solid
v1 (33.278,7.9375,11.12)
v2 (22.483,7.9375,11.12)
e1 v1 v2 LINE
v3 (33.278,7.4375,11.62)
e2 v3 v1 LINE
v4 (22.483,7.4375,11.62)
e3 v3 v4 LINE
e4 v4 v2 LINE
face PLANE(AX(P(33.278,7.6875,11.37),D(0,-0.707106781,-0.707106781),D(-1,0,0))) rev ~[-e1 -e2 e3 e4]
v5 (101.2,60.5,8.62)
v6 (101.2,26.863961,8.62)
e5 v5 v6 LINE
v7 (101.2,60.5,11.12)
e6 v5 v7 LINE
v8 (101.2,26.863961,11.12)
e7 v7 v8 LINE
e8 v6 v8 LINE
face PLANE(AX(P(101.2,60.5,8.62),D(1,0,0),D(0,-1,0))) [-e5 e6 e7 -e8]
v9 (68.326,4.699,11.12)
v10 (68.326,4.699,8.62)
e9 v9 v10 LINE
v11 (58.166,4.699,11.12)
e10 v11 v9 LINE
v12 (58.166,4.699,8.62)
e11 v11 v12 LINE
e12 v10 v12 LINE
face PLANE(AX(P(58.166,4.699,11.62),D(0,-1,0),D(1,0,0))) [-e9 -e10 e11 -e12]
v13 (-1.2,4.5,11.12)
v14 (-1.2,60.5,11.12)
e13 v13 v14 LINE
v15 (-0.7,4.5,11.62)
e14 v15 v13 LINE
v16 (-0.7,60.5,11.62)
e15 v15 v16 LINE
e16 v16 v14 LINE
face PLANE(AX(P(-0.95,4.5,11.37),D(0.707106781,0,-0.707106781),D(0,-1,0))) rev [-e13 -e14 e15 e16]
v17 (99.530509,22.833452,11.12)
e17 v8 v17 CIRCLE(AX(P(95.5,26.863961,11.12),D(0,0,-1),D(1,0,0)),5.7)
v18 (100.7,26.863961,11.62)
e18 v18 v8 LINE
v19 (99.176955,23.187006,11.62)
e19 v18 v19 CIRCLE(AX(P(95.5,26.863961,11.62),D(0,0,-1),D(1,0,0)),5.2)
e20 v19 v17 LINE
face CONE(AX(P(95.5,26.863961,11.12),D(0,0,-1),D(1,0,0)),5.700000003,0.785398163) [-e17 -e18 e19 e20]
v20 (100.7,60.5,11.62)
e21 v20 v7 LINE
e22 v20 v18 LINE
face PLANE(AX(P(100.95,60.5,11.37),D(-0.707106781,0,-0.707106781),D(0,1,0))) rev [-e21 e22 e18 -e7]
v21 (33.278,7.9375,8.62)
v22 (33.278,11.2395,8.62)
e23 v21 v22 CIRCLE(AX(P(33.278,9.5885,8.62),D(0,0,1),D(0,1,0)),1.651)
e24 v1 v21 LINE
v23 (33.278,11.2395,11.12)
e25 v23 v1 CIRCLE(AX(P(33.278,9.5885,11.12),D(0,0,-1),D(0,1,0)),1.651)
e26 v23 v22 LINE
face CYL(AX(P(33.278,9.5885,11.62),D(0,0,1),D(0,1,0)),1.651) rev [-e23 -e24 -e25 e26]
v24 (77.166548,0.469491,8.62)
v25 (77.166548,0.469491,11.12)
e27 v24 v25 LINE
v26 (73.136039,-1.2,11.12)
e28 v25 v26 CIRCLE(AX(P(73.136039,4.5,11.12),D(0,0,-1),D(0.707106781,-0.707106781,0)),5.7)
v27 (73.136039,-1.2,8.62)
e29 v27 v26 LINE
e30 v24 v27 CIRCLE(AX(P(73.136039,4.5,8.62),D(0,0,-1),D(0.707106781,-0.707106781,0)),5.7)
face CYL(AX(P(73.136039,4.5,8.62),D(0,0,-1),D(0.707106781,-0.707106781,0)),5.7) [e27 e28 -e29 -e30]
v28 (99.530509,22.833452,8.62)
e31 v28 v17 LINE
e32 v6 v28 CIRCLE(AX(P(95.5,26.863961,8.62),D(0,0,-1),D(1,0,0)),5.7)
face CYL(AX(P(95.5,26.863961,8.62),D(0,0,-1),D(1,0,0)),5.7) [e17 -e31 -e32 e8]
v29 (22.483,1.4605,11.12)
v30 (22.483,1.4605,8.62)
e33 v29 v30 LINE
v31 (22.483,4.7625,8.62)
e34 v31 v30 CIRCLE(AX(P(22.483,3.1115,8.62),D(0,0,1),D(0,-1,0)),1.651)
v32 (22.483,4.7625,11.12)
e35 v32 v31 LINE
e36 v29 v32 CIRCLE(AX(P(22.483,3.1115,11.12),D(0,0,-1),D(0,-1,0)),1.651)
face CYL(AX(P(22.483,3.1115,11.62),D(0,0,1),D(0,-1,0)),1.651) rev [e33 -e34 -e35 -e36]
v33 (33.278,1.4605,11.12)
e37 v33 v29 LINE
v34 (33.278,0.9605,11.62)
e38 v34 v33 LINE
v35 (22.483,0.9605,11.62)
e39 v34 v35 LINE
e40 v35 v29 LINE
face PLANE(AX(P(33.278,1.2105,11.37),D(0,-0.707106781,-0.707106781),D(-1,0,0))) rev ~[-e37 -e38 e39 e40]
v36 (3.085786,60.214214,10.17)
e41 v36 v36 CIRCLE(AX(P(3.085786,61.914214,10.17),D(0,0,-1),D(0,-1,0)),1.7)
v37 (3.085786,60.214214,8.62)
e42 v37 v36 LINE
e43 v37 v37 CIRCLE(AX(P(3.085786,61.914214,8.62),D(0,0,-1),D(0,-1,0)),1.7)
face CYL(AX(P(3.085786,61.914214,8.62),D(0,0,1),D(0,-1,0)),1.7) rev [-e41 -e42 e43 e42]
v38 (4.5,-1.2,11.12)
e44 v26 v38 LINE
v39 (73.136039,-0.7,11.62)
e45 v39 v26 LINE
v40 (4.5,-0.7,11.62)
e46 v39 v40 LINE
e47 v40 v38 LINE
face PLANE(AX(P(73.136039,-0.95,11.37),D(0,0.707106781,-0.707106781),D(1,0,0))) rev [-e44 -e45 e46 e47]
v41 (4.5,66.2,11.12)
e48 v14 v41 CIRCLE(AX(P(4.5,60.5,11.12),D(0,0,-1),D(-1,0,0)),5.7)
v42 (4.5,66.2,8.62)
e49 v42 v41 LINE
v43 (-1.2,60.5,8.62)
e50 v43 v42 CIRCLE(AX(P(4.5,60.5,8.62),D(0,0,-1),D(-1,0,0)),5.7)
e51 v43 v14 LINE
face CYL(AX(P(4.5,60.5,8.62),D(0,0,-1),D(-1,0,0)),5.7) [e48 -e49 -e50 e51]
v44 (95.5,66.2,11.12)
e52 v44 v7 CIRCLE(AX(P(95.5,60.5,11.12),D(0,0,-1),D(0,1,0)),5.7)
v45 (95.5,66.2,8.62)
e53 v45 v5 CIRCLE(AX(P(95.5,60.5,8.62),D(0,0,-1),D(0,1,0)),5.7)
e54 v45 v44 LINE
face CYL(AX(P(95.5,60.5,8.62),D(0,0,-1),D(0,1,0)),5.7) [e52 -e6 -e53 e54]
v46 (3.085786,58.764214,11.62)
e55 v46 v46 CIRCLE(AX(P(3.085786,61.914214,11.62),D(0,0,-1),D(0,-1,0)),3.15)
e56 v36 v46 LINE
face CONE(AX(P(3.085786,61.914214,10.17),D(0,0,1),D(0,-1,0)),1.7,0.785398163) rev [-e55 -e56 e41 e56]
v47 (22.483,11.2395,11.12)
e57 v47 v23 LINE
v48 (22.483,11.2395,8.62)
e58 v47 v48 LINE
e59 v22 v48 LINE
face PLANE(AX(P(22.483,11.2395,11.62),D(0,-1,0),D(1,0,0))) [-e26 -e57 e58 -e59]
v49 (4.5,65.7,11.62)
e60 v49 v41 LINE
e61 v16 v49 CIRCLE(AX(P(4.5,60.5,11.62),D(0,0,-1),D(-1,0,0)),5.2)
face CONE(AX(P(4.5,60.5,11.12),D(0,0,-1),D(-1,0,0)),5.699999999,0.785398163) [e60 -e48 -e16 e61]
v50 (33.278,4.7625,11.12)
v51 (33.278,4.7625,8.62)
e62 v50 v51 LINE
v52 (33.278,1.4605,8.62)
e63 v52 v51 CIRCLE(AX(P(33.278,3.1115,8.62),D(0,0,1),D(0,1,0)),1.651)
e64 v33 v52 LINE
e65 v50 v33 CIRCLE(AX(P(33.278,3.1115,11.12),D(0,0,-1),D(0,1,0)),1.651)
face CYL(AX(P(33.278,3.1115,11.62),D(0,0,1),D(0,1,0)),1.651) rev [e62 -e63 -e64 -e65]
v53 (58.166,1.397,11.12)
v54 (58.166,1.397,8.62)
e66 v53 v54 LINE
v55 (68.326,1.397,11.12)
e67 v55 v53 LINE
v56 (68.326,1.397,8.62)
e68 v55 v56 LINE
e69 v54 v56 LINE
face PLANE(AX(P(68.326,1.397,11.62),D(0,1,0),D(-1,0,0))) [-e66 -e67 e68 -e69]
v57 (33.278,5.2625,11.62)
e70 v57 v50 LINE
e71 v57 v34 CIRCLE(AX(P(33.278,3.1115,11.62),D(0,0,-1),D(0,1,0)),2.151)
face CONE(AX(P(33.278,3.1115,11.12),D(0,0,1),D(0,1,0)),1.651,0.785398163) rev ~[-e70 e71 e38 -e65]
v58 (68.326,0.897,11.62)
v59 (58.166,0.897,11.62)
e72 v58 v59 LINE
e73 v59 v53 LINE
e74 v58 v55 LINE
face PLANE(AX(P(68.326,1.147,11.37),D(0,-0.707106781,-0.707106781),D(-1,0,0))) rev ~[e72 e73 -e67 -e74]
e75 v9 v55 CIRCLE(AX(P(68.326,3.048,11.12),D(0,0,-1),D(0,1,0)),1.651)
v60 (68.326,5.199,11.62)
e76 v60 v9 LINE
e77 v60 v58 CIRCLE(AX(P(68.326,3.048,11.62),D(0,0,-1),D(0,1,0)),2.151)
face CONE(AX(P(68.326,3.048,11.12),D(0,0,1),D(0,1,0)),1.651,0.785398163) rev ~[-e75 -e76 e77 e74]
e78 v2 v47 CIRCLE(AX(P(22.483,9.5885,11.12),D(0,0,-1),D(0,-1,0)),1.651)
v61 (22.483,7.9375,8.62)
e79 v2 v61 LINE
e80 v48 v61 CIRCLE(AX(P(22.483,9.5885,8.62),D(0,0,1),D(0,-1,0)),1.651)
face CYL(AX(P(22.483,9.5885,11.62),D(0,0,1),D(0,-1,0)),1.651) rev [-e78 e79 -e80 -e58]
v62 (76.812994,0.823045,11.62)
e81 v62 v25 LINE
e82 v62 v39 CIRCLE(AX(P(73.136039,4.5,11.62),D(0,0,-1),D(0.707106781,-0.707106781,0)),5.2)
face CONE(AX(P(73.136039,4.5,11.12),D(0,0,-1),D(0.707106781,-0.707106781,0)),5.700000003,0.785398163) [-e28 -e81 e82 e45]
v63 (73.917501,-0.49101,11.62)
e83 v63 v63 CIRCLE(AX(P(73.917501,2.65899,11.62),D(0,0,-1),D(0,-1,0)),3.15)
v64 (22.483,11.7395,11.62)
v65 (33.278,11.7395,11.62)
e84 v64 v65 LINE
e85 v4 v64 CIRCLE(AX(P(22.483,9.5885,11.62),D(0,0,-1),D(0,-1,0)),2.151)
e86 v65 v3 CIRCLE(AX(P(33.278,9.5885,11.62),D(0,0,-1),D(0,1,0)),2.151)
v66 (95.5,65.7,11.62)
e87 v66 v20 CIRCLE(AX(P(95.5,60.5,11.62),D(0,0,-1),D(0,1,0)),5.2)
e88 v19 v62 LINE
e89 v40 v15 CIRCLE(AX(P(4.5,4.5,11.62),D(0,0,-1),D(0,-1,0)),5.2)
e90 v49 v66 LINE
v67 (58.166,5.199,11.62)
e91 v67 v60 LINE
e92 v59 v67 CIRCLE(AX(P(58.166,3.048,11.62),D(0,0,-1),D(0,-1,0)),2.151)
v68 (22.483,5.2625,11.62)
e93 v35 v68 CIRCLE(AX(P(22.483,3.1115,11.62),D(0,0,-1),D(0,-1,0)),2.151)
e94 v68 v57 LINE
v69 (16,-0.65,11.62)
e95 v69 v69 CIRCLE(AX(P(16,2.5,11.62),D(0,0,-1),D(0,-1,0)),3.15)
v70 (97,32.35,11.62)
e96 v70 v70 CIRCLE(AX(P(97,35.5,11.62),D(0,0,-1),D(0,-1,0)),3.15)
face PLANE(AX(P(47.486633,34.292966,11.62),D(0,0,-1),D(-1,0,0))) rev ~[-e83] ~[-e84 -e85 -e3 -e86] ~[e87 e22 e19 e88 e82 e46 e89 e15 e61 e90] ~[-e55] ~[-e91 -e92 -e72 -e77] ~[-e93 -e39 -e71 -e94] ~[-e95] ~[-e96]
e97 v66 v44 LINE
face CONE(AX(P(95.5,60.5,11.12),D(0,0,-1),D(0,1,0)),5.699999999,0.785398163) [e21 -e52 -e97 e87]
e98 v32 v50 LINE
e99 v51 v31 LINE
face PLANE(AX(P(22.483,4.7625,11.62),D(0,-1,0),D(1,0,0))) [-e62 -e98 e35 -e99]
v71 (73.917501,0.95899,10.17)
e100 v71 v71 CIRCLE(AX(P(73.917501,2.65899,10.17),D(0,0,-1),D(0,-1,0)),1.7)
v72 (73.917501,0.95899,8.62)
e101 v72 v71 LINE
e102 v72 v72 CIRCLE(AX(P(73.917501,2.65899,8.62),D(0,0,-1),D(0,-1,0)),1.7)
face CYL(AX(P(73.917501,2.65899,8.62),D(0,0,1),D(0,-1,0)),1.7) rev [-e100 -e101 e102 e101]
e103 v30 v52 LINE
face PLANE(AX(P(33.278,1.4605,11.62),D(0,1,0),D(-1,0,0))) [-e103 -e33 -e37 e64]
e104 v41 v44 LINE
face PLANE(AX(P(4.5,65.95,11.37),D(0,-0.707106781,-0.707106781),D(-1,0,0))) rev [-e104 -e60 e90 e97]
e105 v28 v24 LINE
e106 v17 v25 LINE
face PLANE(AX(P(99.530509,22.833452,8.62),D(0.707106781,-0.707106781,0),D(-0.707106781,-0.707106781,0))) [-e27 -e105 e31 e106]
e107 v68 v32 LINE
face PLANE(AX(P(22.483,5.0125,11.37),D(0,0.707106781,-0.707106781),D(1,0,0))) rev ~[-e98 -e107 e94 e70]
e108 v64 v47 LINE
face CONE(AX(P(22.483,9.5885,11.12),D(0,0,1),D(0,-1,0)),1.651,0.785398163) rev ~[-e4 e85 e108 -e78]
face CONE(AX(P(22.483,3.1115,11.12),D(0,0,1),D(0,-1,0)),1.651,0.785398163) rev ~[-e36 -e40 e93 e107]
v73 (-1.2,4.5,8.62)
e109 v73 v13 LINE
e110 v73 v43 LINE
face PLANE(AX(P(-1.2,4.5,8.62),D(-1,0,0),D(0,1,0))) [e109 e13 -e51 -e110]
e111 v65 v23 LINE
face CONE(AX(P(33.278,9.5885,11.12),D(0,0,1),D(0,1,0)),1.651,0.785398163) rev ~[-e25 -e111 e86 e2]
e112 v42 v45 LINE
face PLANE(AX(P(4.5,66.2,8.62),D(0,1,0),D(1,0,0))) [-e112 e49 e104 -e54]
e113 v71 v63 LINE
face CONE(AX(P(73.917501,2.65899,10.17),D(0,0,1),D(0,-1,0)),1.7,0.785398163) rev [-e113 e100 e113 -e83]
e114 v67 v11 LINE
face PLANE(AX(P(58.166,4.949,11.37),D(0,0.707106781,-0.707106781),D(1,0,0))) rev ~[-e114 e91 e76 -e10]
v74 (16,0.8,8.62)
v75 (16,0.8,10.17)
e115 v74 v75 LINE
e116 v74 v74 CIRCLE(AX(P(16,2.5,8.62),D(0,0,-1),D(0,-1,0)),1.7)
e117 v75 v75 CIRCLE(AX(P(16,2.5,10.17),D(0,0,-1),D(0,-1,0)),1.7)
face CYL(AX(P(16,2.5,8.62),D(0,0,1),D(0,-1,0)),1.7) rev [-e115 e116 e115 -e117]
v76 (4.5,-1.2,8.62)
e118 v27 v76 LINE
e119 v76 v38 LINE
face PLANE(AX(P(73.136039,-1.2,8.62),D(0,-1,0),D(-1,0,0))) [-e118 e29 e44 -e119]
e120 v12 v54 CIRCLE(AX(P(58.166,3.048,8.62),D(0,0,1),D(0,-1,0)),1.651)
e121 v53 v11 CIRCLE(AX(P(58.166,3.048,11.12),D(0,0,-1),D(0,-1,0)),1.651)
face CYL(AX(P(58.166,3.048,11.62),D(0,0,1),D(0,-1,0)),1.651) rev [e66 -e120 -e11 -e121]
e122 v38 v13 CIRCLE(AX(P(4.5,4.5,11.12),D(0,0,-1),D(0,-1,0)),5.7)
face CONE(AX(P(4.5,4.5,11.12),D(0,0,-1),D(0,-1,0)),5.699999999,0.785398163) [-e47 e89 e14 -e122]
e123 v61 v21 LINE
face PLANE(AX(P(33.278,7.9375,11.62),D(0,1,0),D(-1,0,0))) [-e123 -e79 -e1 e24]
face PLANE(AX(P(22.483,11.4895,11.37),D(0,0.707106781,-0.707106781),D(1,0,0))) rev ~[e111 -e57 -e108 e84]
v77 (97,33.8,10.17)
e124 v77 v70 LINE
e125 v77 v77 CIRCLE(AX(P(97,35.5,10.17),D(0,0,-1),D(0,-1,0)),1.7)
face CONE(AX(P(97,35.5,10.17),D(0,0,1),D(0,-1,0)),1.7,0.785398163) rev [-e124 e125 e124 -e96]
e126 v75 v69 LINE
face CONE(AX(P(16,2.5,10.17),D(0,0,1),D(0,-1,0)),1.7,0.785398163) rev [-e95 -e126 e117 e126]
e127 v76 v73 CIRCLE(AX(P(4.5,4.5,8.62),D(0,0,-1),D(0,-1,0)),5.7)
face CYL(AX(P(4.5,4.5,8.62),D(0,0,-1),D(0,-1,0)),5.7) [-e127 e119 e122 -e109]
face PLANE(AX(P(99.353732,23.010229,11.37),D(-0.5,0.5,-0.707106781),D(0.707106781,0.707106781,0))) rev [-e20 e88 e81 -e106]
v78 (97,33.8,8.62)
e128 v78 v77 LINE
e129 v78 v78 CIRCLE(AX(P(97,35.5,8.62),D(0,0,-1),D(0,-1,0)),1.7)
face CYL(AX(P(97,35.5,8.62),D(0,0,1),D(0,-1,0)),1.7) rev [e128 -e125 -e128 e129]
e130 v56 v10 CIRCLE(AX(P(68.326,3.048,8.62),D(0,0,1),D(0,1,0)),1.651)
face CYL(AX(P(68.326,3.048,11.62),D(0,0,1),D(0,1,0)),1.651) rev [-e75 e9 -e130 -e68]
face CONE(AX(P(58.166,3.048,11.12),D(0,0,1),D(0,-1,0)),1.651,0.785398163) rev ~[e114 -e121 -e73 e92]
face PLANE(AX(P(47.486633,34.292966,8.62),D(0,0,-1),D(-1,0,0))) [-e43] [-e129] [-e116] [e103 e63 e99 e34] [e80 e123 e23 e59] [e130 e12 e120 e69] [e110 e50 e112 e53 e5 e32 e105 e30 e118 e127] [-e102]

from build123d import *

# Parameters (mm, degrees)
BOSS_EXTRUDE1_DEPTH                            = 3
CSK_FOR_M3_FLAT_HEAD_MACHINE_SCREW1_AT_2_COUNT = 2
CSK_FOR_M3_FLAT_HEAD_MACHINE_SCREW1_AT_2_PITCH = 60.801526997
CSK_FOR_M3_FLAT_HEAD_MACHINE_SCREW1_AT_3_COUNT = 2
CSK_FOR_M3_FLAT_HEAD_MACHINE_SCREW1_AT_3_PITCH = 92.34886737
CSK_FOR_M3_FLAT_HEAD_MACHINE_SCREW1_AT_4_COUNT = 2
CSK_FOR_M3_FLAT_HEAD_MACHINE_SCREW1_AT_4_PITCH = 97.558137473
CUT_EXTRUDE1_DEPTH                             = 4
CHAMFER1_SIZE                                  = 0.5


with BuildPart() as part:
    # Sketch2 → Boss-Extrude1 (new body)
    with BuildSketch(Plane.XY.offset(8.62)):
        with BuildLine():
            Line((4.5, 66.2), (95.5, 66.2))
            ThreePointArc((95.5, 66.2), (99.530508653, 64.530508653), (101.2, 60.5))
            Line((101.2, 60.5), (101.2, 26.863961031))
            ThreePointArc((101.2, 26.863961031), (100.766113335, 24.682665466), (99.530508653, 22.833452378))
            Line((99.530508653, 22.833452378), (77.166547622, 0.469491347))
            ThreePointArc((77.166547622, 0.469491347), (75.317334534, -0.766113335), (73.136038969, -1.2))
            Line((73.136038969, -1.2), (4.5, -1.2))
            ThreePointArc((4.5, -1.2), (0.469491347, 0.469491347), (-1.2, 4.5))
            Line((-1.2, 4.5), (-1.2, 60.5))
            ThreePointArc((-1.2, 60.5), (0.469491347, 64.530508653), (4.5, 66.2))
        make_face()
    extrude(amount=BOSS_EXTRUDE1_DEPTH)

    # Sketch5 → CSK for M3 Flat Head Machine Screw1 (revolve, cut)
    with BuildSketch(Plane(origin=(3.085786438, 61.914213562, 11.62), x_dir=(0, -1, 0), z_dir=(1, 0, 0))):
        Polygon((0, 0), (0, 3), (1.7, 3), (1.7, 1.45), (3.15, 0), align=None)
    csk_for_m3_flat_head_machine_screw1 = revolve(axis=Axis((3.085786438, 61.914213562, 17.97), (0, 0, -1)), mode=Mode.SUBTRACT)

    # CSK for M3 Flat Head Machine Screw1 at 2: CSK for M3 Flat Head Machine Screw1 ×2
    with Locations(*[Vector(0.212399494, -0.977182918, 0) * (i * CSK_FOR_M3_FLAT_HEAD_MACHINE_SCREW1_AT_2_PITCH) for i in range(1, CSK_FOR_M3_FLAT_HEAD_MACHINE_SCREW1_AT_2_COUNT)]):
        add(csk_for_m3_flat_head_machine_screw1, mode=Mode.SUBTRACT)

    # CSK for M3 Flat Head Machine Screw1 at 3: CSK for M3 Flat Head Machine Screw1 ×2
    with Locations(*[Vector(0.767001446, -0.641645371, 0) * (i * CSK_FOR_M3_FLAT_HEAD_MACHINE_SCREW1_AT_3_PITCH) for i in range(1, CSK_FOR_M3_FLAT_HEAD_MACHINE_SCREW1_AT_3_COUNT)]):
        add(csk_for_m3_flat_head_machine_screw1, mode=Mode.SUBTRACT)

    # CSK for M3 Flat Head Machine Screw1 at 4: CSK for M3 Flat Head Machine Screw1 ×2
    with Locations(*[Vector(0.962648693, -0.270753565, 0) * (i * CSK_FOR_M3_FLAT_HEAD_MACHINE_SCREW1_AT_4_PITCH) for i in range(1, CSK_FOR_M3_FLAT_HEAD_MACHINE_SCREW1_AT_4_COUNT)]):
        add(csk_for_m3_flat_head_machine_screw1, mode=Mode.SUBTRACT)

    # Sketch6 → Cut-Extrude1 (cut, through all)
    with BuildSketch(Plane.XY.offset(11.62)):
        with BuildLine():
            Line((33.278, 7.9375), (22.483, 7.9375))
            ThreePointArc((22.483, 7.9375), (20.832, 9.5885), (22.483, 11.2395))
            Line((22.483, 11.2395), (33.278, 11.2395))
            ThreePointArc((33.278, 11.2395), (34.929, 9.5885), (33.278, 7.9375))
        make_face()
        with BuildLine():
            Line((33.278, 1.4605), (22.483, 1.4605))
            ThreePointArc((22.483, 1.4605), (20.832, 3.1115), (22.483, 4.7625))
            Line((22.483, 4.7625), (33.278, 4.7625))
            ThreePointArc((33.278, 4.7625), (34.929, 3.1115), (33.278, 1.4605))
        make_face()
        with BuildLine():
            Line((68.326, 1.397), (58.166, 1.397))
            ThreePointArc((58.166, 1.397), (56.515, 3.048), (58.166, 4.699))
            Line((58.166, 4.699), (68.326, 4.699))
            ThreePointArc((68.326, 4.699), (69.977, 3.048), (68.326, 1.397))
        make_face()
    extrude(amount=-CUT_EXTRUDE1_DEPTH, mode=Mode.SUBTRACT)

    # Chamfer1
    chamfer1_edges = [part.edges().sort_by_distance(p)[0] for p in [
        (75.317334534, -0.766113335, 11.62),
        (88.348528137, 11.651471863, 11.62),
        (100.766113335, 24.682665466, 11.62),
        (101.2, 43.681980515, 11.62),
        (99.530508653, 64.530508653, 11.62),
        (50, 66.2, 11.62),
        (0.469491347, 64.530508653, 11.62),
        (-1.2, 32.5, 11.62),
        (0.469491347, 0.469491347, 11.62),
        (34.929, 9.5885, 11.62),
        (27.8805, 11.2395, 11.62),
        (20.832, 9.5885, 11.62),
        (27.8805, 7.9375, 11.62),
        (38.818019485, -1.2, 11.62),
        (34.929, 3.1115, 11.62),
        (27.8805, 4.7625, 11.62),
        (20.832, 3.1115, 11.62),
        (27.8805, 1.4605, 11.62),
        (69.977, 3.048, 11.62),
        (63.246, 4.699, 11.62),
        (56.515, 3.048, 11.62),
        (63.246, 1.397, 11.62),
    ]]
    chamfer(chamfer1_edges, length=CHAMFER1_SIZE)


solid = part.part
